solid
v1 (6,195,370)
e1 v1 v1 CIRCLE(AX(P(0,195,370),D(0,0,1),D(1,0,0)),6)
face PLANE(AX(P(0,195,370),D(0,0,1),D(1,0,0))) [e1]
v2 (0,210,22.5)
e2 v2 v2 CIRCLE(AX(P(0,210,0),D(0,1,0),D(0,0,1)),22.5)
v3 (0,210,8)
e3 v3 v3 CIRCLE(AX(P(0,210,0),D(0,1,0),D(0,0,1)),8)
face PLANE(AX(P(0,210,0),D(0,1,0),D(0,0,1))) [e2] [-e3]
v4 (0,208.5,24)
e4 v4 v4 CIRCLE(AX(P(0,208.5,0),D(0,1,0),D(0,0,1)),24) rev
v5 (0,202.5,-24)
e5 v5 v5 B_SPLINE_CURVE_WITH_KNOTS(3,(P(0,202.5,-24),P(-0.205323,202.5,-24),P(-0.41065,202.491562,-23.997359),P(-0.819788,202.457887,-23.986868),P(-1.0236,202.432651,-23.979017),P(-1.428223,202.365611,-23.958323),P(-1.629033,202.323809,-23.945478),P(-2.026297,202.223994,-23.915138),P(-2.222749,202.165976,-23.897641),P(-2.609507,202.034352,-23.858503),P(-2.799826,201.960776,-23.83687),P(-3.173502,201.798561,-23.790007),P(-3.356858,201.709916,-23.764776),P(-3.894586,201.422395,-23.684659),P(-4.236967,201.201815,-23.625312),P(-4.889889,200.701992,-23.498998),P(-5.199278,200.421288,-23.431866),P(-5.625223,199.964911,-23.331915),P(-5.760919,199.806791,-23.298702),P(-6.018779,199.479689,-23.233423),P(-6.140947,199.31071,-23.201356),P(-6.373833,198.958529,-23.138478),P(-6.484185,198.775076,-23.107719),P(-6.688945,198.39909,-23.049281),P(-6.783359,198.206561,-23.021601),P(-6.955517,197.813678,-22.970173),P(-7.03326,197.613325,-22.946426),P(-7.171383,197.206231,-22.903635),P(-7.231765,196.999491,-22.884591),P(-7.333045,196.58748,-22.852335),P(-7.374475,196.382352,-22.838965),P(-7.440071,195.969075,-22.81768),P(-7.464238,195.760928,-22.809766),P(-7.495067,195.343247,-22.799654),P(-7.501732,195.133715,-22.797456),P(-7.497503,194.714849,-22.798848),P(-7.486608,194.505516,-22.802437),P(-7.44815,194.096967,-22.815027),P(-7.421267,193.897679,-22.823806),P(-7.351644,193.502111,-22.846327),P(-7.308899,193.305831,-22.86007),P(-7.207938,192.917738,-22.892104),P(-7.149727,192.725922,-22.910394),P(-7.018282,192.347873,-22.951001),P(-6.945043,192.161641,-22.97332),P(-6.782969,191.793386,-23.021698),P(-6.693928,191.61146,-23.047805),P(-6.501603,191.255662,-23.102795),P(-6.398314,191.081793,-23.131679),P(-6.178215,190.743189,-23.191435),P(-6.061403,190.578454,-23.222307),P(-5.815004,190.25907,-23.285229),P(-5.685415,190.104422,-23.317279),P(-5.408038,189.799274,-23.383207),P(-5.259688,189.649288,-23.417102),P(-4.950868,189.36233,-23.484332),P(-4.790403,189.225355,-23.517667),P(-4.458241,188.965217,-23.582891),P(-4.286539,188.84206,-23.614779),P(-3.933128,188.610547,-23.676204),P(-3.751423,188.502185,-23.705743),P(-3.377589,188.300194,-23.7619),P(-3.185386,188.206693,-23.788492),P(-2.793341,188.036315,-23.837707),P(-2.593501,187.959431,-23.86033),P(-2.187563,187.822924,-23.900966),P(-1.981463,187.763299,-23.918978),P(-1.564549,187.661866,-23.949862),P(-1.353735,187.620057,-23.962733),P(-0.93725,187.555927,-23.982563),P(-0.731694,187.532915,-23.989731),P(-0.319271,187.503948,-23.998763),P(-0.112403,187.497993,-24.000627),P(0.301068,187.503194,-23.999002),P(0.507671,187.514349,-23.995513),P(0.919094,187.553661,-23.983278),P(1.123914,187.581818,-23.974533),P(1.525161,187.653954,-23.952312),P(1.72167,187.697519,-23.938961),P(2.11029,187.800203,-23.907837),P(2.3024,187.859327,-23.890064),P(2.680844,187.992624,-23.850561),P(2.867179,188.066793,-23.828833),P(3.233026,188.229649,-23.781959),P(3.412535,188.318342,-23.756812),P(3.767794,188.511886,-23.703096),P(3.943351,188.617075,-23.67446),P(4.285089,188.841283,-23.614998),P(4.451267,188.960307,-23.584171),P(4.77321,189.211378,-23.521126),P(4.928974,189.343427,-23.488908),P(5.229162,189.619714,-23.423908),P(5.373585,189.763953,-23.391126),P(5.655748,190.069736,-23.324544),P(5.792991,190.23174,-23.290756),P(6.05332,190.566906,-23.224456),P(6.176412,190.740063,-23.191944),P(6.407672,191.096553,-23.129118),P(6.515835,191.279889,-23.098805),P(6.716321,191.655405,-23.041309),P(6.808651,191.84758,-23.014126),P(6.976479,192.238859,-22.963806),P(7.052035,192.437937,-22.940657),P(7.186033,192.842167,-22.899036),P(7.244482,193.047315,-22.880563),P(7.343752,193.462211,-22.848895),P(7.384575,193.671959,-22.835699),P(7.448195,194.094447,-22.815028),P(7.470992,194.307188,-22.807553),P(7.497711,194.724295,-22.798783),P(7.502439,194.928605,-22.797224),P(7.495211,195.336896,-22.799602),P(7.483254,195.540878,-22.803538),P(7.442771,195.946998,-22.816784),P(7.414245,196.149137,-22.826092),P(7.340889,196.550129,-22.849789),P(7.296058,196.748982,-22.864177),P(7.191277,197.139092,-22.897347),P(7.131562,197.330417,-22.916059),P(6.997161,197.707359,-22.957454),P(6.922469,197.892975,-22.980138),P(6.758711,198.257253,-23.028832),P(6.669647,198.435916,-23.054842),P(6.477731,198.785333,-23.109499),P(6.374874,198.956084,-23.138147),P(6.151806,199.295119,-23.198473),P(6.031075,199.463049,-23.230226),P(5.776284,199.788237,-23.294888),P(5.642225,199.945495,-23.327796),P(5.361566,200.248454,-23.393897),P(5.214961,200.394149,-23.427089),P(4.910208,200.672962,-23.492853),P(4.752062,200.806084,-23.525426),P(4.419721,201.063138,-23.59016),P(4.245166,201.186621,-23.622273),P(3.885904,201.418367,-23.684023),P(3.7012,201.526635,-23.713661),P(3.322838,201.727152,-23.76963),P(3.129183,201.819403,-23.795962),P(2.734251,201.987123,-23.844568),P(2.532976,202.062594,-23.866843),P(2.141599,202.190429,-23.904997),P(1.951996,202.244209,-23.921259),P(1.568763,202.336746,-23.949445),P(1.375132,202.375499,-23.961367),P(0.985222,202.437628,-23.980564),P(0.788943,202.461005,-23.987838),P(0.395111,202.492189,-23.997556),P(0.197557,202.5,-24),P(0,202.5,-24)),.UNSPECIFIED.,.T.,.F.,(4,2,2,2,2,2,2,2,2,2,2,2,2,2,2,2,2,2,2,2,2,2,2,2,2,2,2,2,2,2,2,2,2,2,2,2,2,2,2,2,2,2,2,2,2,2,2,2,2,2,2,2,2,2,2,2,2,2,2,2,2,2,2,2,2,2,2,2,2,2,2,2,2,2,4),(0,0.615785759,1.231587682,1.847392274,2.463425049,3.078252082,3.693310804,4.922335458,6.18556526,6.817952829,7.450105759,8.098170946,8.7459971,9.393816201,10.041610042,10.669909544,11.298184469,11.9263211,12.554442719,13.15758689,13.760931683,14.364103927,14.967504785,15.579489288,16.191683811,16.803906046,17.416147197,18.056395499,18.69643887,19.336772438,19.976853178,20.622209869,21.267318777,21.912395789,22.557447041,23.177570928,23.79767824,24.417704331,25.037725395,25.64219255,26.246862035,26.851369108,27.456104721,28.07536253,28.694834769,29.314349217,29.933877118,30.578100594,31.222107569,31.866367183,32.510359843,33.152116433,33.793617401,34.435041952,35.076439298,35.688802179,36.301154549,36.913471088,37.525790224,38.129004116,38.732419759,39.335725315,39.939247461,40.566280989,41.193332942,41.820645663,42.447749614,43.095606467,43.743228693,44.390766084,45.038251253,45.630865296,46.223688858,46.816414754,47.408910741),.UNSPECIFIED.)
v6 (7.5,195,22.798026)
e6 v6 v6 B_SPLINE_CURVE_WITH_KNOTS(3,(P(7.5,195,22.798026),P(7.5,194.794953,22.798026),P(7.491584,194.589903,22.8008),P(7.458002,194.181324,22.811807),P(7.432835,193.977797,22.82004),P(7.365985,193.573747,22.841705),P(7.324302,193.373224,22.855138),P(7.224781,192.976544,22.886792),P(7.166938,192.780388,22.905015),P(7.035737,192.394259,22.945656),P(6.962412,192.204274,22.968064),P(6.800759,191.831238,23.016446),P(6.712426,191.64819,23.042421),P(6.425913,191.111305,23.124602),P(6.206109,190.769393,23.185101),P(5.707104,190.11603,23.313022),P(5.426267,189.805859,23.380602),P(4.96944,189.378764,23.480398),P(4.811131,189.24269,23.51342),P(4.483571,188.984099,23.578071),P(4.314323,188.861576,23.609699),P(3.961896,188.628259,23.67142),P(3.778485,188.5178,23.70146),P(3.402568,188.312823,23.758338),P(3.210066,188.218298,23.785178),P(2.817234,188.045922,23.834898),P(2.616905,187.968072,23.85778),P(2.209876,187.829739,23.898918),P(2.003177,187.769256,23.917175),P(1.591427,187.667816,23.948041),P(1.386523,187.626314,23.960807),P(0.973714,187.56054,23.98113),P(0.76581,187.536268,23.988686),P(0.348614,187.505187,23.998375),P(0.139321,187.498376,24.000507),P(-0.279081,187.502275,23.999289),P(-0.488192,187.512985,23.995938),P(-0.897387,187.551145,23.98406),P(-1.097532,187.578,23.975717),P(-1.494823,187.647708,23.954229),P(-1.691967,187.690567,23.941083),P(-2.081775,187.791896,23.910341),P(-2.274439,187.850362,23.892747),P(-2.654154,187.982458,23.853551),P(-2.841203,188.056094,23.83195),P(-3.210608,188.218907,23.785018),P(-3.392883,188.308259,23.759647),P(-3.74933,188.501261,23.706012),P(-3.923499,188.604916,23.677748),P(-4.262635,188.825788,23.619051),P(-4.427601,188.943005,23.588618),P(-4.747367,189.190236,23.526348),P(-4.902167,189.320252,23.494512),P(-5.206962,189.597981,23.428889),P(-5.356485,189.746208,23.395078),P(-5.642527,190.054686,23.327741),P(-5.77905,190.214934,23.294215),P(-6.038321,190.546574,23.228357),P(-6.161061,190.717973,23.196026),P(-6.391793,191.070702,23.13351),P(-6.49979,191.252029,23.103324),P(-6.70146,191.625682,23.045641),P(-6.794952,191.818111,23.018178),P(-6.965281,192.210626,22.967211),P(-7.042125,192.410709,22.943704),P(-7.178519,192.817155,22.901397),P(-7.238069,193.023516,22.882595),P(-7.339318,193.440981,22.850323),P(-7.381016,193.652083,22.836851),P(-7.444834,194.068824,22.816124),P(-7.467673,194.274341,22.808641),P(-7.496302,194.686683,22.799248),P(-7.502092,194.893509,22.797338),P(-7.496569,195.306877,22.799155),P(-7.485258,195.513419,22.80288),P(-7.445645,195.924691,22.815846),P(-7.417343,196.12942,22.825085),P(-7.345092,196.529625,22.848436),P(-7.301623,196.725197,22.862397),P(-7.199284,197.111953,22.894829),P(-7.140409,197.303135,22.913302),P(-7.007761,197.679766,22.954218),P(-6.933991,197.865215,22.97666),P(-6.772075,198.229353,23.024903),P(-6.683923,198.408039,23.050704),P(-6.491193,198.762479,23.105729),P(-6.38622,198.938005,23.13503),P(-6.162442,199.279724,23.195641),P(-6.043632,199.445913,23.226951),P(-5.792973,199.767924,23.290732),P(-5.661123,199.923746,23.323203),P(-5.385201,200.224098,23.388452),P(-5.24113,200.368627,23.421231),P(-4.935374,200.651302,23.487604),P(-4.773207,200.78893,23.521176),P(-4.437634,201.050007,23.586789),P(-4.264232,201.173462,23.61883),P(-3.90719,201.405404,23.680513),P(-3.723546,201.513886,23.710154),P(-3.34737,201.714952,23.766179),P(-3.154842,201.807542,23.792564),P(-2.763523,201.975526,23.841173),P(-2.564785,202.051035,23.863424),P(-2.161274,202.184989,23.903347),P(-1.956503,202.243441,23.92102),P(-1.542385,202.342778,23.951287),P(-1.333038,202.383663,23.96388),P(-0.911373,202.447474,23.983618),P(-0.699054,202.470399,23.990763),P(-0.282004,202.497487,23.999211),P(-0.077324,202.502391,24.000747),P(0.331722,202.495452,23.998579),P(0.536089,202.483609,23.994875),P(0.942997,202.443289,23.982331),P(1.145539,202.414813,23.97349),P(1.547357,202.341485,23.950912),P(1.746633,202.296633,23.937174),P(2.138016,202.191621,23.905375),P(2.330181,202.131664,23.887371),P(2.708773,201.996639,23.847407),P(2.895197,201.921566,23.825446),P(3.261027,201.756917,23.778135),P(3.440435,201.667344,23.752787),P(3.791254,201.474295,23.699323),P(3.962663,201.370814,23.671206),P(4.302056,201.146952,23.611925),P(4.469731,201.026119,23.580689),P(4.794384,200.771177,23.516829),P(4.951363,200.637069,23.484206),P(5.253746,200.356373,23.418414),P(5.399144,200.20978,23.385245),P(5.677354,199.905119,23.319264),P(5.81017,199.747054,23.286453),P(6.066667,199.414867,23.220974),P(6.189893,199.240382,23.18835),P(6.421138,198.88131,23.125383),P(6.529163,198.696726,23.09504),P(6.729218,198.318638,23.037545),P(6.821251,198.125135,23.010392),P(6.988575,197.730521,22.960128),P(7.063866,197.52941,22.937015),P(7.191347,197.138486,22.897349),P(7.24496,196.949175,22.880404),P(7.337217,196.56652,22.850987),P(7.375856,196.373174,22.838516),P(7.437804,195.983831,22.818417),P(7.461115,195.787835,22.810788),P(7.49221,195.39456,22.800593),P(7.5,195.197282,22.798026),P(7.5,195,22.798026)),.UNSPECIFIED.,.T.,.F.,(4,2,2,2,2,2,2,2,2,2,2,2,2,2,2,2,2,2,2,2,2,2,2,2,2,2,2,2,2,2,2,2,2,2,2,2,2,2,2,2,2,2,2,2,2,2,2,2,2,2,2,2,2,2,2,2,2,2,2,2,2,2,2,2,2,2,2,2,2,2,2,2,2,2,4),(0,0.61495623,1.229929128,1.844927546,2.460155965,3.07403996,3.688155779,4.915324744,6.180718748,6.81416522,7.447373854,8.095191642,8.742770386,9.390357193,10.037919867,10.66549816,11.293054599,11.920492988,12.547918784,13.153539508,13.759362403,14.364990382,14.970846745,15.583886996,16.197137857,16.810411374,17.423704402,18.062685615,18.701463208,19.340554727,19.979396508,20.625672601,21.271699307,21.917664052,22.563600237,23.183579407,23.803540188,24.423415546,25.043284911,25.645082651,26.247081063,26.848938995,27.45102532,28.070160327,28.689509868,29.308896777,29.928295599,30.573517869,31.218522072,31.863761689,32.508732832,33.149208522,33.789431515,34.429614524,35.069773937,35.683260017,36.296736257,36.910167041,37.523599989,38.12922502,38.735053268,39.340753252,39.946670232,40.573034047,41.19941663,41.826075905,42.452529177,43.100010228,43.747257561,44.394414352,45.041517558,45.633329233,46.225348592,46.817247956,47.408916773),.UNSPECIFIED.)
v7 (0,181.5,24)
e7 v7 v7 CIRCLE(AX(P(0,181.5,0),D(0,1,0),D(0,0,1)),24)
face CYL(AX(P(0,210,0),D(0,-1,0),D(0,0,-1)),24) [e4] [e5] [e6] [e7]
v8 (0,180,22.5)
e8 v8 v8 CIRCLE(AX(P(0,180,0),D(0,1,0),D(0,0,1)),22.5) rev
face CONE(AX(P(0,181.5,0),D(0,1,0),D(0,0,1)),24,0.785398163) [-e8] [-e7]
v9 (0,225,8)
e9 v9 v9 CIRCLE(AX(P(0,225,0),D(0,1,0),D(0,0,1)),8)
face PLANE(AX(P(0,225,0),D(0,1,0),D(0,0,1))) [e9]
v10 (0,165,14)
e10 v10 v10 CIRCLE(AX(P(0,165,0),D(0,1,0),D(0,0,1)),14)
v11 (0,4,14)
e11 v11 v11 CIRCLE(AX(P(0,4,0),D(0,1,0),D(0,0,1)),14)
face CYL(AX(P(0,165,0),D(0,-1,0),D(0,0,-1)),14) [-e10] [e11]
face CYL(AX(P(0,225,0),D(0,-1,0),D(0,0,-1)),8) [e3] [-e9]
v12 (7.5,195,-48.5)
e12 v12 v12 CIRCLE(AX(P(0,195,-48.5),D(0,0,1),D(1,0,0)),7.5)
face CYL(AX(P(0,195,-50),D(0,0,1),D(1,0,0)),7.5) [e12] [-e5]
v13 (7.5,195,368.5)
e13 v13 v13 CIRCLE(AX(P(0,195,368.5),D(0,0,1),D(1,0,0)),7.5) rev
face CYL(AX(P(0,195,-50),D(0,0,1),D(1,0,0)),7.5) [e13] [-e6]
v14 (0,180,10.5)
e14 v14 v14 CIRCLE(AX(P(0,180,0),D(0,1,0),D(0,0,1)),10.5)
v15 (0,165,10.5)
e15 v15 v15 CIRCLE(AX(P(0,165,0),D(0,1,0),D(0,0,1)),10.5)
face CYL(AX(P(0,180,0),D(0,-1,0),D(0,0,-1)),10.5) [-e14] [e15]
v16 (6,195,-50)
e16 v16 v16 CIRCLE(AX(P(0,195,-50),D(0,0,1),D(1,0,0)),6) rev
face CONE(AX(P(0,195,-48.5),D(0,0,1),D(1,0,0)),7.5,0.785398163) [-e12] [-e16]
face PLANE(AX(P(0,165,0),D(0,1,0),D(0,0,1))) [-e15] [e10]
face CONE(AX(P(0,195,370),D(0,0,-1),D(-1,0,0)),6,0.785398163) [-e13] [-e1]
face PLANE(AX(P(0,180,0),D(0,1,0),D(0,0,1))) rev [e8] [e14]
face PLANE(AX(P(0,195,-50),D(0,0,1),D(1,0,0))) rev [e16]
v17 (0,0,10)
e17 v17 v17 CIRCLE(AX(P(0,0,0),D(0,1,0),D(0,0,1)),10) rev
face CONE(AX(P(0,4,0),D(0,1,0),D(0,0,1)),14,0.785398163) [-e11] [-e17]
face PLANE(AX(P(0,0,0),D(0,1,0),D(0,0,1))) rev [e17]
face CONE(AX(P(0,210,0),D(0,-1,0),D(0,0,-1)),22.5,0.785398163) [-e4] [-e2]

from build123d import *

# Parameters (mm, degrees)
SKETCH_1_R           = 14
EXTRUDE_1_DEPTH      = 165
SKETCH_2_R           = 10.5
EXTRUDE_2_DEPTH      = 15
CHAMFER_2_SIZE       = 4
SKETCH_4_R           = 24
EXTRUDE_3_DEPTH      = 30
SKETCH_5_R           = 8
EXTRUDE_4_DEPTH      = 15
SKETCH_6_R           = 7.5
EXTRUDE_5_DEPTH      = 370
EXTRUDE_5_DEPTH_BACK = 50
CHAMFER_3_SIZE       = 1.5


with BuildPart() as part:
    # 草图1 → 凸台-拉伸1 (new body)
    with BuildSketch(Plane(origin=(0, 0, 0), x_dir=(1, 0, 0), z_dir=(0, 1, 0))):
        Circle(SKETCH_1_R)
    extrude(amount=EXTRUDE_1_DEPTH)

    # 草图2 → 凸台-拉伸2 (add)
    with BuildSketch(Plane(origin=(0, 165, 0), x_dir=(1, 0, 0), z_dir=(0, 1, 0))):
        Circle(SKETCH_2_R)
    extrude(amount=EXTRUDE_2_DEPTH)

    # 倒角2
    chamfer_2_edges = [part.edges().sort_by_distance(p)[0] for p in [
        (-14, 0, 0),
    ]]
    chamfer(chamfer_2_edges, length=CHAMFER_2_SIZE)

    # 草图4 → 凸台-拉伸3 (add)
    with BuildSketch(Plane(origin=(0, 180, 0), x_dir=(1, 0, 0), z_dir=(0, 1, 0))):
        Circle(SKETCH_4_R)
    extrude(amount=EXTRUDE_3_DEPTH)

    # 草图5 → 凸台-拉伸4 (add)
    with BuildSketch(Plane(origin=(0, 210, 0), x_dir=(1, 0, 0), z_dir=(0, 1, 0))):
        Circle(SKETCH_5_R)
    extrude(amount=EXTRUDE_4_DEPTH)

    # 草图6 → 凸台-拉伸5 (add, two sides)
    with BuildSketch(Plane.XY) as extrude_5_sk:
        with Locations((0, 195)):
            Circle(SKETCH_6_R)
    extrude(amount=EXTRUDE_5_DEPTH)
    extrude(extrude_5_sk.sketch, amount=-EXTRUDE_5_DEPTH_BACK)

    # 倒角3
    chamfer_3_edges = [part.edges().sort_by_distance(p)[0] for p in [
        (-24, 180, 0),
        (-24, 210, 0),
        (-7.5, 195, -50),
        (-7.5, 195, 370),
    ]]
    chamfer(chamfer_3_edges, length=CHAMFER_3_SIZE)


solid = part.part
